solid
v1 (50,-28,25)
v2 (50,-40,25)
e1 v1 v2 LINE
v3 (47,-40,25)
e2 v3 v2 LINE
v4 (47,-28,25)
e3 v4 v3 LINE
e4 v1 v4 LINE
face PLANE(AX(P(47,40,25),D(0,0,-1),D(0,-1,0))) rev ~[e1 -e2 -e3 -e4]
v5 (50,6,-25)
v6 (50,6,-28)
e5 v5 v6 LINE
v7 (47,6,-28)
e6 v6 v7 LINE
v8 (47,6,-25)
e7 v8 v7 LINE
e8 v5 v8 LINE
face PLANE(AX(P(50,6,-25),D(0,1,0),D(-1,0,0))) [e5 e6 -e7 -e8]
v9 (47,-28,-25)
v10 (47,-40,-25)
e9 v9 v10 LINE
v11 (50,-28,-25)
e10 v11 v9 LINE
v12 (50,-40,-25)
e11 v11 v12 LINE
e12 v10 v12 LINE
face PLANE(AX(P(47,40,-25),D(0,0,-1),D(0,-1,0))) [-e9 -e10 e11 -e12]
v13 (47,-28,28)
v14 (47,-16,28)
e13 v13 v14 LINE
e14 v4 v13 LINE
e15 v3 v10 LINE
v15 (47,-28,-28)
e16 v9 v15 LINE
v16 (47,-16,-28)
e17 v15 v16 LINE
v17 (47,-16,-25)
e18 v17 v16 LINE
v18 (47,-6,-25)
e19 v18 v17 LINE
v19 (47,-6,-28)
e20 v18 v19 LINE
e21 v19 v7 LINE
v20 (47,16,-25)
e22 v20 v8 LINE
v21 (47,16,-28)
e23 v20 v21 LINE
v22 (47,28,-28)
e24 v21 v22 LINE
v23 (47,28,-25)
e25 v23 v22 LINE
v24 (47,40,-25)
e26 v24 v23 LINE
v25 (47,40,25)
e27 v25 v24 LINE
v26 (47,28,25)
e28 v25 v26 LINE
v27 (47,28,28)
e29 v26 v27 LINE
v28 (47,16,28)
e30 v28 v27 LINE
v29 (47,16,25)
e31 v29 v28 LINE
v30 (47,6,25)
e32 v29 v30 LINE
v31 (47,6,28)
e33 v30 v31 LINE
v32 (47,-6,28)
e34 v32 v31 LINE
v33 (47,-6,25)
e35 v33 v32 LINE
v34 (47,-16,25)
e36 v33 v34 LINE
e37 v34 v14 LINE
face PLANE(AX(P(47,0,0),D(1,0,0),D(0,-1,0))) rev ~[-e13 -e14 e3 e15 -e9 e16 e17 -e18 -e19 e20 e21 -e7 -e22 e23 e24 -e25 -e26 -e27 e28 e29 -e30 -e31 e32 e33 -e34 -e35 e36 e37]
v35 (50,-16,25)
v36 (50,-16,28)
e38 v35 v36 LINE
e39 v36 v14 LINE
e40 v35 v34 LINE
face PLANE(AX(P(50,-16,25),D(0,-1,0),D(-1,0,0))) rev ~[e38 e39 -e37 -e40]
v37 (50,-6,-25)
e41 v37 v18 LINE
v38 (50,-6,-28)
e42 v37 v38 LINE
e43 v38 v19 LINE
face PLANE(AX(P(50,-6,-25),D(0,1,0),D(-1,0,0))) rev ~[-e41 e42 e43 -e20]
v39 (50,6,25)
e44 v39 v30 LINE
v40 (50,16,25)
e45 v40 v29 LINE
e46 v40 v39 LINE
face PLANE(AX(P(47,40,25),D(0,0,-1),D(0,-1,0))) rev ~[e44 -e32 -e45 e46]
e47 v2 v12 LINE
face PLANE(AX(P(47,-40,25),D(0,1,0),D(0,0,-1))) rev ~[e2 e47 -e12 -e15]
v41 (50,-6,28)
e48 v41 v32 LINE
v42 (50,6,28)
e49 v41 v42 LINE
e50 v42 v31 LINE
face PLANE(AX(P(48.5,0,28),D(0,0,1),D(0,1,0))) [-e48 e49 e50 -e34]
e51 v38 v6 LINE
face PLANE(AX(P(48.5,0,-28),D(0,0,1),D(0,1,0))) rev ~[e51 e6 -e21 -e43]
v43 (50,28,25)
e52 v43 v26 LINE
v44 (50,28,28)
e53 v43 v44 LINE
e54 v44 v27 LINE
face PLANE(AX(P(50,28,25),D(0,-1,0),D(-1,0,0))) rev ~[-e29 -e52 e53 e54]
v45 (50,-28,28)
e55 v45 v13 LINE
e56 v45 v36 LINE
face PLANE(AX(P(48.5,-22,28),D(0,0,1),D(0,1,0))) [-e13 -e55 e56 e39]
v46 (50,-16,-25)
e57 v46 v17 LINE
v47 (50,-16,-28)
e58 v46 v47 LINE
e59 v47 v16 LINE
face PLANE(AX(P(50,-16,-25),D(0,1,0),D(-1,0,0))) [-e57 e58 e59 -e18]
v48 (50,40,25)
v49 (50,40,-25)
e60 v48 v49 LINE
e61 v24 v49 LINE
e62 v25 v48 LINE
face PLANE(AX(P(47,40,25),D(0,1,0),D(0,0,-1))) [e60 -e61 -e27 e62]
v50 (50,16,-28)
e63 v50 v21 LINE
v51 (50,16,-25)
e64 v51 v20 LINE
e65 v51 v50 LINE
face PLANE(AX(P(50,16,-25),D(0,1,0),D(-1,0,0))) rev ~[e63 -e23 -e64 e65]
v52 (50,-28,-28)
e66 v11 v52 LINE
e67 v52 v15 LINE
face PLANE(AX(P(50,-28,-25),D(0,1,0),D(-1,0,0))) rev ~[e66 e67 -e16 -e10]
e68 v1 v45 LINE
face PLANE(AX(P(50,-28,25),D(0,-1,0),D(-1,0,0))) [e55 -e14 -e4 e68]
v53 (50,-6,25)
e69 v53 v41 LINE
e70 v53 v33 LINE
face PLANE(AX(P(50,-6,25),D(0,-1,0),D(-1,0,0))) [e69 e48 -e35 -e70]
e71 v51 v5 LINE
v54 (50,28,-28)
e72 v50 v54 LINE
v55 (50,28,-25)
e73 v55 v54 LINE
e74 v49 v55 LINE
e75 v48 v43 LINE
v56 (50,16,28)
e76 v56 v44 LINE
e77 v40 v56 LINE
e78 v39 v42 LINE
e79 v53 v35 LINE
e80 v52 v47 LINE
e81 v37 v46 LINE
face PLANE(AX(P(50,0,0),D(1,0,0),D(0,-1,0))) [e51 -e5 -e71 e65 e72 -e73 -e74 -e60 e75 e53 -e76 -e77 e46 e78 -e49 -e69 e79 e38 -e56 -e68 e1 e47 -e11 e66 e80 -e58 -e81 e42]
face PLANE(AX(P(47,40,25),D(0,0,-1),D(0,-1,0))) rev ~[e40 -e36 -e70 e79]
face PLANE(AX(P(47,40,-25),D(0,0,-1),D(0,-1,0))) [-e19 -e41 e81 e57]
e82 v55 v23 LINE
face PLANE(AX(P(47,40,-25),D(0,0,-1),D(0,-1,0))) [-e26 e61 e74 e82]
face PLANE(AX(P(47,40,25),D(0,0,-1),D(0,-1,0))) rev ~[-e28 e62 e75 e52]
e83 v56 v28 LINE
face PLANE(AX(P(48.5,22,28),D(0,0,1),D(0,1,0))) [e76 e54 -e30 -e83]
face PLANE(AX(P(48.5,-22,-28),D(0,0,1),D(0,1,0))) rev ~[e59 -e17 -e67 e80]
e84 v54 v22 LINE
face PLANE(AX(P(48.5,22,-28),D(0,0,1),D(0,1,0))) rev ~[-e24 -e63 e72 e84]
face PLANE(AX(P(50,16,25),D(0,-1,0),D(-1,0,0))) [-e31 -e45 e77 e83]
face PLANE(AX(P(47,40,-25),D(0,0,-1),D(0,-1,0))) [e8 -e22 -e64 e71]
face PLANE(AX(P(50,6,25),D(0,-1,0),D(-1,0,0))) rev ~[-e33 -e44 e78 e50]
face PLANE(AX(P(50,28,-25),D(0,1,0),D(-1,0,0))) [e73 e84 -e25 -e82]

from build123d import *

# Parameters (mm, degrees)
BINDER_W                = 80
BINDER_H                = 50
PAD_DEPTH               = 3
BINDER001_W             = 12
BINDER001_H             = 3
PAD001_DEPTH            = 3
BINDER001_MIRRORED_2_W  = 12
BINDER001_MIRRORED_2_H  = 3
PAD001_MIRRORED_2_DEPTH = 3
LINEARPATTERN_COUNT     = 3
LINEARPATTERN_PITCH     = 22


with BuildPart() as part:
    # Binder → Pad (new body)
    with BuildSketch(Plane(origin=(47, 0, 0), x_dir=(0, -1, 0), z_dir=(1, 0, 0))):
        Rectangle(BINDER_W, BINDER_H)
    extrude(amount=PAD_DEPTH)

    # Binder001 → Pad001 (join)
    with BuildSketch(Plane(origin=(48.5, -22, 25), x_dir=(0, 1, 0), z_dir=(0, 0, 1))):
        Rectangle(BINDER001_W, BINDER001_H)
    pad001 = extrude(amount=PAD001_DEPTH)

    # Binder001 Mirrored 2 → Pad001 Mirrored 2 (add)
    with BuildSketch(Plane(origin=(48.5, -22, -25), x_dir=(0, 1, 0), z_dir=(0, 0, 1))):
        Rectangle(BINDER001_MIRRORED_2_W, BINDER001_MIRRORED_2_H)
    pad001_mirrored_2 = extrude(amount=-PAD001_MIRRORED_2_DEPTH)

    # LinearPattern: Pad001, Pad001 Mirrored 2 ×3
    with Locations(*[(0, i * LINEARPATTERN_PITCH, 0) for i in range(1, LINEARPATTERN_COUNT)]):
        add(pad001)
        add(pad001_mirrored_2)


solid = part.part
